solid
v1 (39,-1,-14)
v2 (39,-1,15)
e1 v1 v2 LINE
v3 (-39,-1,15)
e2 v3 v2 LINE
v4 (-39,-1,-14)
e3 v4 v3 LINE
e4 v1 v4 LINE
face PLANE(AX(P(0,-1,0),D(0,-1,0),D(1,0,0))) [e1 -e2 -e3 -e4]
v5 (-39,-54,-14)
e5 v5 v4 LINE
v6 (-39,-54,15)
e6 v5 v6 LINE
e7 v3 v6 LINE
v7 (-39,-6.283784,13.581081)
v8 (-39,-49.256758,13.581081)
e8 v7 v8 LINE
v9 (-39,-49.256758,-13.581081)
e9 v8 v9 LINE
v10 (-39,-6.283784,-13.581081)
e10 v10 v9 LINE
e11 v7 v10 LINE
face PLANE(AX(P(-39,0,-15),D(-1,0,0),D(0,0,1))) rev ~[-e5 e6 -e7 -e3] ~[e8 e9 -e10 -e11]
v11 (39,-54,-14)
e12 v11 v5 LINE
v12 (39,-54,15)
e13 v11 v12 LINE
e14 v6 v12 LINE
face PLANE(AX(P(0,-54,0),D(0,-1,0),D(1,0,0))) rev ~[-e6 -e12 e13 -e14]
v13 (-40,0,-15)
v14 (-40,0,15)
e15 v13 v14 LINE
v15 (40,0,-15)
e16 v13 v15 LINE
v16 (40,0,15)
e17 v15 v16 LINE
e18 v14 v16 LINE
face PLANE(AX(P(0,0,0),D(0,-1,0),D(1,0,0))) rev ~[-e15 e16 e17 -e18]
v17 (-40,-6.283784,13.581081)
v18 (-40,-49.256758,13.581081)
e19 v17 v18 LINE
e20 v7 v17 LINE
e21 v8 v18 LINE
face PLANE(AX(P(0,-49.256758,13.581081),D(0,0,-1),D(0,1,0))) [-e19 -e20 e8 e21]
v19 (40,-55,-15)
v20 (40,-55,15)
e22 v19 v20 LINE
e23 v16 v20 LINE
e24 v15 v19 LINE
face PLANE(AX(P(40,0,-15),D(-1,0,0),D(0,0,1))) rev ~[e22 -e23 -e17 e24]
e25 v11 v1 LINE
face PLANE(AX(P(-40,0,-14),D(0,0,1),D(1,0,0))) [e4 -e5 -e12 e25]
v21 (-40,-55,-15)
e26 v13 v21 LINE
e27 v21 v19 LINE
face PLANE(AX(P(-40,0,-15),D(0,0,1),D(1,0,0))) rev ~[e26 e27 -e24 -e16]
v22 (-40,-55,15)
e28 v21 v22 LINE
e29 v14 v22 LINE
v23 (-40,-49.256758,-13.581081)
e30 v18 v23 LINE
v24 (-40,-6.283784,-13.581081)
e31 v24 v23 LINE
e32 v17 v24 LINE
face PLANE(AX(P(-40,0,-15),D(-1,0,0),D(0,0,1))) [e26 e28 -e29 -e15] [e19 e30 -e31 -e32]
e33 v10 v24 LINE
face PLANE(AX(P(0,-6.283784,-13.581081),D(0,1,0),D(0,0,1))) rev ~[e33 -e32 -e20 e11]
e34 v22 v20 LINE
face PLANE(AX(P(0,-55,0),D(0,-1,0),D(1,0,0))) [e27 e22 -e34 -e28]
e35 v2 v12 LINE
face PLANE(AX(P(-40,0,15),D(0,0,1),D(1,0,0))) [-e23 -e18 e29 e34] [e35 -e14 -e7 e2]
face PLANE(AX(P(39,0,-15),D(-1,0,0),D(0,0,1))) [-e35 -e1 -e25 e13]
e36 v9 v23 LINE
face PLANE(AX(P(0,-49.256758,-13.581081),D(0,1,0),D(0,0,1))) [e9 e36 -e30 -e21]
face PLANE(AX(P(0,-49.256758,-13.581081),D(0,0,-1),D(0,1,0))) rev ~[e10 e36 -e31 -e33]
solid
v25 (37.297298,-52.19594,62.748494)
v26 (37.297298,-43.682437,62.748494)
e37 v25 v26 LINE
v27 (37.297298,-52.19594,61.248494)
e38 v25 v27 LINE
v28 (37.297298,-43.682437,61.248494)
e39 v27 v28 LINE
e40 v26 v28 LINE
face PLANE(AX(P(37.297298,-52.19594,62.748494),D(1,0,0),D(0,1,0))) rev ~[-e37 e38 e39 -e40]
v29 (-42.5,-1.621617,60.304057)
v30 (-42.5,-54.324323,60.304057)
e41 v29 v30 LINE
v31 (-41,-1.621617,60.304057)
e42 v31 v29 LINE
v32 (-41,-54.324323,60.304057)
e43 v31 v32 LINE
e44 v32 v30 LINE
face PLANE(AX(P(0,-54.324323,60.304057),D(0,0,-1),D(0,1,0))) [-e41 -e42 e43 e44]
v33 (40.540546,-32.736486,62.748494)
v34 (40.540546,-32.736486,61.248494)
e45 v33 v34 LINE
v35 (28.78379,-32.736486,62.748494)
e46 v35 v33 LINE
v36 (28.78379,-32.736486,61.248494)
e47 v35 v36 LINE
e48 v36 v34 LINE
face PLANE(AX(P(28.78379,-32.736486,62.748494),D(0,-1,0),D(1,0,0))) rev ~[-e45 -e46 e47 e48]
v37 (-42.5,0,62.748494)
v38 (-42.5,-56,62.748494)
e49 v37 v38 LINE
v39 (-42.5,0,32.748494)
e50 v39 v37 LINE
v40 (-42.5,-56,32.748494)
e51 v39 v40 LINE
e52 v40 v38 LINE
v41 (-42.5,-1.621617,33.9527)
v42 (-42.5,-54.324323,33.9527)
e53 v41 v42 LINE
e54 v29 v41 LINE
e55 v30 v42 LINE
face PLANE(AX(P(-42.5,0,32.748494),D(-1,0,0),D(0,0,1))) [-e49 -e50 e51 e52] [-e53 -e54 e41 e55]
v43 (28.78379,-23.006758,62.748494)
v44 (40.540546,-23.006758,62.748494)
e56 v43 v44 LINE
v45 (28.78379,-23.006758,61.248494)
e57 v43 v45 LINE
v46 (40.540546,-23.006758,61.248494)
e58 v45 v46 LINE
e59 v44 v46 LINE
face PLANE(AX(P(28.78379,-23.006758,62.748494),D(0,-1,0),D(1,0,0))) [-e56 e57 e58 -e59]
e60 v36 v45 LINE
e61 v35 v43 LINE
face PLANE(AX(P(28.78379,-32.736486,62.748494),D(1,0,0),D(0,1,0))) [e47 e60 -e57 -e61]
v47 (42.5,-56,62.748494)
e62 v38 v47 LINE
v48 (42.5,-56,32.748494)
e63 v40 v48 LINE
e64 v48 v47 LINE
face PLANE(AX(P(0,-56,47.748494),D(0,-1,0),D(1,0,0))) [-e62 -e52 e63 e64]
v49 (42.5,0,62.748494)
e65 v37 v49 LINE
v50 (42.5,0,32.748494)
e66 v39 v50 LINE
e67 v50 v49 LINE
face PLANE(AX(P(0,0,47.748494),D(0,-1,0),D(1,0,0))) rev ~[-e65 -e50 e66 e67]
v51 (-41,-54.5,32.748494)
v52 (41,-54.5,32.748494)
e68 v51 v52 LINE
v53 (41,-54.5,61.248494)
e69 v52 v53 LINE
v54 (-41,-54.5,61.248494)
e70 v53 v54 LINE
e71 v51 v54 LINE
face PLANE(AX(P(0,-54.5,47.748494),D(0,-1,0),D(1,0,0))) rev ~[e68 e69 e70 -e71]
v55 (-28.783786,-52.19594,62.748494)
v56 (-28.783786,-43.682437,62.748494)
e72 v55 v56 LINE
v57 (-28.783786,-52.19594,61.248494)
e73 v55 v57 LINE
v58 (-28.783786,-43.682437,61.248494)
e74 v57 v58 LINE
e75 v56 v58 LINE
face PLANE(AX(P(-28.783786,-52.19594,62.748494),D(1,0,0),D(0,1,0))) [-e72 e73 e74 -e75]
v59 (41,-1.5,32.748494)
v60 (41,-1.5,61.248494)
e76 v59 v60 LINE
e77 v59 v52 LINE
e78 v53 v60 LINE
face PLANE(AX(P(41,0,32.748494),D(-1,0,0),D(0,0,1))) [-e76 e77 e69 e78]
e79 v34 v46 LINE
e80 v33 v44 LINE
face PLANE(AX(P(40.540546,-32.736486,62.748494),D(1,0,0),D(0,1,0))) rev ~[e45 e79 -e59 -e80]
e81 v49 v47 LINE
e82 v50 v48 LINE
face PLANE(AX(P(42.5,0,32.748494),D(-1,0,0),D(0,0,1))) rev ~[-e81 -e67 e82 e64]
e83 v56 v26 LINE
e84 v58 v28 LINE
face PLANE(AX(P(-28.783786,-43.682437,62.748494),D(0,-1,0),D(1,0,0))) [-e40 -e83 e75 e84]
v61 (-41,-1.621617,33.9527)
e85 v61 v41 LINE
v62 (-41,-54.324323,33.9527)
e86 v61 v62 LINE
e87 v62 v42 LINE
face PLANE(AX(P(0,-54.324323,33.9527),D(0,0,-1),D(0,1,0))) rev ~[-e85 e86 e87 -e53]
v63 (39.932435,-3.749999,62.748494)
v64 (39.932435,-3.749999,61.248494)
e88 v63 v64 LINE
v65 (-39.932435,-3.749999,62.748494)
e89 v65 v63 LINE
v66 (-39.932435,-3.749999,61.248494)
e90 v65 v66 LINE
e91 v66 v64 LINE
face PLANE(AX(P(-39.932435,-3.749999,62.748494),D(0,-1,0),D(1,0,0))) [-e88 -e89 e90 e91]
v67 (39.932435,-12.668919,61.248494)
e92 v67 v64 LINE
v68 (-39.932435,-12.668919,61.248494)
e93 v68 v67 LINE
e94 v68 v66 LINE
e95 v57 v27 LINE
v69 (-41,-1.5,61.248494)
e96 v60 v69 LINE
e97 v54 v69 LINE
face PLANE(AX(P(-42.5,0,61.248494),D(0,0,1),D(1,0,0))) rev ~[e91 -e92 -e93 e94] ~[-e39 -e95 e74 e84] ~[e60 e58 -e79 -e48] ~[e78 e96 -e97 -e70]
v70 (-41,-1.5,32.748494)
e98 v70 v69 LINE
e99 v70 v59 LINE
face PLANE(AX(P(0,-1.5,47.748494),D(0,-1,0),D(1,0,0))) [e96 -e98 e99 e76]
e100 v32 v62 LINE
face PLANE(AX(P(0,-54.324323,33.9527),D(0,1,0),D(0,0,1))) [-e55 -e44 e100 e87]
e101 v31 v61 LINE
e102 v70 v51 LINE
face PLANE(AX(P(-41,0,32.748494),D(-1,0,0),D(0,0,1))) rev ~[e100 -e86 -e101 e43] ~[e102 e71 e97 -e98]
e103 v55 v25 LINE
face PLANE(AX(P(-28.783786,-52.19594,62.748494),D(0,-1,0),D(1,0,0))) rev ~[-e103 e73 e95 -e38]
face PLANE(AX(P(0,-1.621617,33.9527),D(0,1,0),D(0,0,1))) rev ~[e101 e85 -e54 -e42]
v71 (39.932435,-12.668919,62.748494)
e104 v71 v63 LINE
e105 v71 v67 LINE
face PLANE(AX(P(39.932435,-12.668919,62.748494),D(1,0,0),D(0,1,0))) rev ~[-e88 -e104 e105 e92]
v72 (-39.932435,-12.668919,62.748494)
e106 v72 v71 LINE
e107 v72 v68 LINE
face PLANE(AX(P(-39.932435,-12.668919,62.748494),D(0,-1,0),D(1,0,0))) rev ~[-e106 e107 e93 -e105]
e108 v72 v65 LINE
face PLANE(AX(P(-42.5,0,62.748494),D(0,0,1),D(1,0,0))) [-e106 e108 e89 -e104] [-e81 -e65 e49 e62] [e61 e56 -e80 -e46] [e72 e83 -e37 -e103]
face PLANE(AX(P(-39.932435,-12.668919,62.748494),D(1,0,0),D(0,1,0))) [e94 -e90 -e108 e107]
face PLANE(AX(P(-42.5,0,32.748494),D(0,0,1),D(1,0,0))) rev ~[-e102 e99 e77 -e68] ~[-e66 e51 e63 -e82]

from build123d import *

# Parameters (mm, degrees)
F0_W      = 80
F0_H      = 30
F1_DEPTH  = 55
F2_T      = -1
F3_W      = 85
F3_H      = 30
F4_DEPTH  = 56
F5_T      = -1.5
F6_W      = 52.702705
F6_H      = 26.351357
F7_DEPTH  = 50
F8_W      = 42.972975
F8_H      = 27.162162
F9_DEPTH  = 50
F10_W     = 79.86487
F10_H     = 8.918919
F11_DEPTH = 25
F12_W     = 66.081084
F12_H     = 8.513503
F13_DEPTH = 25
F14_W     = 11.756755
F14_H     = 9.729728
F15_DEPTH = 25


with BuildPart() as f1:
    # F0 (on Front) → F1 (new body)
    with BuildSketch(Plane.XZ):
        Rectangle(F0_W, F0_H)
    extrude(amount=F1_DEPTH)

    # F2
    f2_openings = [f1.faces().sort_by_distance(p)[0] for p in [
        (0, -27.5, 15),
    ]]
    offset(amount=F2_T, openings=f2_openings)

    # F8 (on Right) → F9 (cut)
    with BuildSketch(Plane.YZ):
        with Locations((-27.770271, 0)):
            Rectangle(F8_W, F8_H)
    extrude(amount=-F9_DEPTH, mode=Mode.SUBTRACT)


with BuildPart() as f4:
    # F3 (on Front) → F4 (new body)
    with BuildSketch(Plane.XZ):
        with Locations((0, 47.748494)):
            Rectangle(F3_W, F3_H)
    extrude(amount=F4_DEPTH)

    # F5
    f5_openings = [f4.faces().sort_by_distance(p)[0] for p in [
        (0, -28, 32.748494),
    ]]
    offset(amount=F5_T, openings=f5_openings)

    # F6 (on Right) → F7 (cut)
    with BuildSketch(Plane.YZ):
        with Locations((-27.97297, 47.128379)):
            Rectangle(F6_W, F6_H)
    extrude(amount=-F7_DEPTH, mode=Mode.SUBTRACT)

    # F10 (on face) → F11 (cut)
    with BuildSketch(Plane.XY.offset(62.748494)):
        with Locations((0, -8.209459)):
            Rectangle(F10_W, F10_H)
    extrude(amount=-F11_DEPTH, mode=Mode.SUBTRACT)

    # F12 (on face) → F13 (cut)
    with BuildSketch(Plane.XY.offset(62.748494)):
        with Locations((4.256756, -47.939189)):
            Rectangle(F12_W, F12_H)
    extrude(amount=-F13_DEPTH, mode=Mode.SUBTRACT)

    # F14 (on face) → F15 (cut)
    with BuildSketch(Plane.XY.offset(62.748494)):
        with Locations((34.662168, -27.871622)):
            Rectangle(F14_W, F14_H)
    extrude(amount=-F15_DEPTH, mode=Mode.SUBTRACT)


solid = Compound([f1.part, f4.part])
